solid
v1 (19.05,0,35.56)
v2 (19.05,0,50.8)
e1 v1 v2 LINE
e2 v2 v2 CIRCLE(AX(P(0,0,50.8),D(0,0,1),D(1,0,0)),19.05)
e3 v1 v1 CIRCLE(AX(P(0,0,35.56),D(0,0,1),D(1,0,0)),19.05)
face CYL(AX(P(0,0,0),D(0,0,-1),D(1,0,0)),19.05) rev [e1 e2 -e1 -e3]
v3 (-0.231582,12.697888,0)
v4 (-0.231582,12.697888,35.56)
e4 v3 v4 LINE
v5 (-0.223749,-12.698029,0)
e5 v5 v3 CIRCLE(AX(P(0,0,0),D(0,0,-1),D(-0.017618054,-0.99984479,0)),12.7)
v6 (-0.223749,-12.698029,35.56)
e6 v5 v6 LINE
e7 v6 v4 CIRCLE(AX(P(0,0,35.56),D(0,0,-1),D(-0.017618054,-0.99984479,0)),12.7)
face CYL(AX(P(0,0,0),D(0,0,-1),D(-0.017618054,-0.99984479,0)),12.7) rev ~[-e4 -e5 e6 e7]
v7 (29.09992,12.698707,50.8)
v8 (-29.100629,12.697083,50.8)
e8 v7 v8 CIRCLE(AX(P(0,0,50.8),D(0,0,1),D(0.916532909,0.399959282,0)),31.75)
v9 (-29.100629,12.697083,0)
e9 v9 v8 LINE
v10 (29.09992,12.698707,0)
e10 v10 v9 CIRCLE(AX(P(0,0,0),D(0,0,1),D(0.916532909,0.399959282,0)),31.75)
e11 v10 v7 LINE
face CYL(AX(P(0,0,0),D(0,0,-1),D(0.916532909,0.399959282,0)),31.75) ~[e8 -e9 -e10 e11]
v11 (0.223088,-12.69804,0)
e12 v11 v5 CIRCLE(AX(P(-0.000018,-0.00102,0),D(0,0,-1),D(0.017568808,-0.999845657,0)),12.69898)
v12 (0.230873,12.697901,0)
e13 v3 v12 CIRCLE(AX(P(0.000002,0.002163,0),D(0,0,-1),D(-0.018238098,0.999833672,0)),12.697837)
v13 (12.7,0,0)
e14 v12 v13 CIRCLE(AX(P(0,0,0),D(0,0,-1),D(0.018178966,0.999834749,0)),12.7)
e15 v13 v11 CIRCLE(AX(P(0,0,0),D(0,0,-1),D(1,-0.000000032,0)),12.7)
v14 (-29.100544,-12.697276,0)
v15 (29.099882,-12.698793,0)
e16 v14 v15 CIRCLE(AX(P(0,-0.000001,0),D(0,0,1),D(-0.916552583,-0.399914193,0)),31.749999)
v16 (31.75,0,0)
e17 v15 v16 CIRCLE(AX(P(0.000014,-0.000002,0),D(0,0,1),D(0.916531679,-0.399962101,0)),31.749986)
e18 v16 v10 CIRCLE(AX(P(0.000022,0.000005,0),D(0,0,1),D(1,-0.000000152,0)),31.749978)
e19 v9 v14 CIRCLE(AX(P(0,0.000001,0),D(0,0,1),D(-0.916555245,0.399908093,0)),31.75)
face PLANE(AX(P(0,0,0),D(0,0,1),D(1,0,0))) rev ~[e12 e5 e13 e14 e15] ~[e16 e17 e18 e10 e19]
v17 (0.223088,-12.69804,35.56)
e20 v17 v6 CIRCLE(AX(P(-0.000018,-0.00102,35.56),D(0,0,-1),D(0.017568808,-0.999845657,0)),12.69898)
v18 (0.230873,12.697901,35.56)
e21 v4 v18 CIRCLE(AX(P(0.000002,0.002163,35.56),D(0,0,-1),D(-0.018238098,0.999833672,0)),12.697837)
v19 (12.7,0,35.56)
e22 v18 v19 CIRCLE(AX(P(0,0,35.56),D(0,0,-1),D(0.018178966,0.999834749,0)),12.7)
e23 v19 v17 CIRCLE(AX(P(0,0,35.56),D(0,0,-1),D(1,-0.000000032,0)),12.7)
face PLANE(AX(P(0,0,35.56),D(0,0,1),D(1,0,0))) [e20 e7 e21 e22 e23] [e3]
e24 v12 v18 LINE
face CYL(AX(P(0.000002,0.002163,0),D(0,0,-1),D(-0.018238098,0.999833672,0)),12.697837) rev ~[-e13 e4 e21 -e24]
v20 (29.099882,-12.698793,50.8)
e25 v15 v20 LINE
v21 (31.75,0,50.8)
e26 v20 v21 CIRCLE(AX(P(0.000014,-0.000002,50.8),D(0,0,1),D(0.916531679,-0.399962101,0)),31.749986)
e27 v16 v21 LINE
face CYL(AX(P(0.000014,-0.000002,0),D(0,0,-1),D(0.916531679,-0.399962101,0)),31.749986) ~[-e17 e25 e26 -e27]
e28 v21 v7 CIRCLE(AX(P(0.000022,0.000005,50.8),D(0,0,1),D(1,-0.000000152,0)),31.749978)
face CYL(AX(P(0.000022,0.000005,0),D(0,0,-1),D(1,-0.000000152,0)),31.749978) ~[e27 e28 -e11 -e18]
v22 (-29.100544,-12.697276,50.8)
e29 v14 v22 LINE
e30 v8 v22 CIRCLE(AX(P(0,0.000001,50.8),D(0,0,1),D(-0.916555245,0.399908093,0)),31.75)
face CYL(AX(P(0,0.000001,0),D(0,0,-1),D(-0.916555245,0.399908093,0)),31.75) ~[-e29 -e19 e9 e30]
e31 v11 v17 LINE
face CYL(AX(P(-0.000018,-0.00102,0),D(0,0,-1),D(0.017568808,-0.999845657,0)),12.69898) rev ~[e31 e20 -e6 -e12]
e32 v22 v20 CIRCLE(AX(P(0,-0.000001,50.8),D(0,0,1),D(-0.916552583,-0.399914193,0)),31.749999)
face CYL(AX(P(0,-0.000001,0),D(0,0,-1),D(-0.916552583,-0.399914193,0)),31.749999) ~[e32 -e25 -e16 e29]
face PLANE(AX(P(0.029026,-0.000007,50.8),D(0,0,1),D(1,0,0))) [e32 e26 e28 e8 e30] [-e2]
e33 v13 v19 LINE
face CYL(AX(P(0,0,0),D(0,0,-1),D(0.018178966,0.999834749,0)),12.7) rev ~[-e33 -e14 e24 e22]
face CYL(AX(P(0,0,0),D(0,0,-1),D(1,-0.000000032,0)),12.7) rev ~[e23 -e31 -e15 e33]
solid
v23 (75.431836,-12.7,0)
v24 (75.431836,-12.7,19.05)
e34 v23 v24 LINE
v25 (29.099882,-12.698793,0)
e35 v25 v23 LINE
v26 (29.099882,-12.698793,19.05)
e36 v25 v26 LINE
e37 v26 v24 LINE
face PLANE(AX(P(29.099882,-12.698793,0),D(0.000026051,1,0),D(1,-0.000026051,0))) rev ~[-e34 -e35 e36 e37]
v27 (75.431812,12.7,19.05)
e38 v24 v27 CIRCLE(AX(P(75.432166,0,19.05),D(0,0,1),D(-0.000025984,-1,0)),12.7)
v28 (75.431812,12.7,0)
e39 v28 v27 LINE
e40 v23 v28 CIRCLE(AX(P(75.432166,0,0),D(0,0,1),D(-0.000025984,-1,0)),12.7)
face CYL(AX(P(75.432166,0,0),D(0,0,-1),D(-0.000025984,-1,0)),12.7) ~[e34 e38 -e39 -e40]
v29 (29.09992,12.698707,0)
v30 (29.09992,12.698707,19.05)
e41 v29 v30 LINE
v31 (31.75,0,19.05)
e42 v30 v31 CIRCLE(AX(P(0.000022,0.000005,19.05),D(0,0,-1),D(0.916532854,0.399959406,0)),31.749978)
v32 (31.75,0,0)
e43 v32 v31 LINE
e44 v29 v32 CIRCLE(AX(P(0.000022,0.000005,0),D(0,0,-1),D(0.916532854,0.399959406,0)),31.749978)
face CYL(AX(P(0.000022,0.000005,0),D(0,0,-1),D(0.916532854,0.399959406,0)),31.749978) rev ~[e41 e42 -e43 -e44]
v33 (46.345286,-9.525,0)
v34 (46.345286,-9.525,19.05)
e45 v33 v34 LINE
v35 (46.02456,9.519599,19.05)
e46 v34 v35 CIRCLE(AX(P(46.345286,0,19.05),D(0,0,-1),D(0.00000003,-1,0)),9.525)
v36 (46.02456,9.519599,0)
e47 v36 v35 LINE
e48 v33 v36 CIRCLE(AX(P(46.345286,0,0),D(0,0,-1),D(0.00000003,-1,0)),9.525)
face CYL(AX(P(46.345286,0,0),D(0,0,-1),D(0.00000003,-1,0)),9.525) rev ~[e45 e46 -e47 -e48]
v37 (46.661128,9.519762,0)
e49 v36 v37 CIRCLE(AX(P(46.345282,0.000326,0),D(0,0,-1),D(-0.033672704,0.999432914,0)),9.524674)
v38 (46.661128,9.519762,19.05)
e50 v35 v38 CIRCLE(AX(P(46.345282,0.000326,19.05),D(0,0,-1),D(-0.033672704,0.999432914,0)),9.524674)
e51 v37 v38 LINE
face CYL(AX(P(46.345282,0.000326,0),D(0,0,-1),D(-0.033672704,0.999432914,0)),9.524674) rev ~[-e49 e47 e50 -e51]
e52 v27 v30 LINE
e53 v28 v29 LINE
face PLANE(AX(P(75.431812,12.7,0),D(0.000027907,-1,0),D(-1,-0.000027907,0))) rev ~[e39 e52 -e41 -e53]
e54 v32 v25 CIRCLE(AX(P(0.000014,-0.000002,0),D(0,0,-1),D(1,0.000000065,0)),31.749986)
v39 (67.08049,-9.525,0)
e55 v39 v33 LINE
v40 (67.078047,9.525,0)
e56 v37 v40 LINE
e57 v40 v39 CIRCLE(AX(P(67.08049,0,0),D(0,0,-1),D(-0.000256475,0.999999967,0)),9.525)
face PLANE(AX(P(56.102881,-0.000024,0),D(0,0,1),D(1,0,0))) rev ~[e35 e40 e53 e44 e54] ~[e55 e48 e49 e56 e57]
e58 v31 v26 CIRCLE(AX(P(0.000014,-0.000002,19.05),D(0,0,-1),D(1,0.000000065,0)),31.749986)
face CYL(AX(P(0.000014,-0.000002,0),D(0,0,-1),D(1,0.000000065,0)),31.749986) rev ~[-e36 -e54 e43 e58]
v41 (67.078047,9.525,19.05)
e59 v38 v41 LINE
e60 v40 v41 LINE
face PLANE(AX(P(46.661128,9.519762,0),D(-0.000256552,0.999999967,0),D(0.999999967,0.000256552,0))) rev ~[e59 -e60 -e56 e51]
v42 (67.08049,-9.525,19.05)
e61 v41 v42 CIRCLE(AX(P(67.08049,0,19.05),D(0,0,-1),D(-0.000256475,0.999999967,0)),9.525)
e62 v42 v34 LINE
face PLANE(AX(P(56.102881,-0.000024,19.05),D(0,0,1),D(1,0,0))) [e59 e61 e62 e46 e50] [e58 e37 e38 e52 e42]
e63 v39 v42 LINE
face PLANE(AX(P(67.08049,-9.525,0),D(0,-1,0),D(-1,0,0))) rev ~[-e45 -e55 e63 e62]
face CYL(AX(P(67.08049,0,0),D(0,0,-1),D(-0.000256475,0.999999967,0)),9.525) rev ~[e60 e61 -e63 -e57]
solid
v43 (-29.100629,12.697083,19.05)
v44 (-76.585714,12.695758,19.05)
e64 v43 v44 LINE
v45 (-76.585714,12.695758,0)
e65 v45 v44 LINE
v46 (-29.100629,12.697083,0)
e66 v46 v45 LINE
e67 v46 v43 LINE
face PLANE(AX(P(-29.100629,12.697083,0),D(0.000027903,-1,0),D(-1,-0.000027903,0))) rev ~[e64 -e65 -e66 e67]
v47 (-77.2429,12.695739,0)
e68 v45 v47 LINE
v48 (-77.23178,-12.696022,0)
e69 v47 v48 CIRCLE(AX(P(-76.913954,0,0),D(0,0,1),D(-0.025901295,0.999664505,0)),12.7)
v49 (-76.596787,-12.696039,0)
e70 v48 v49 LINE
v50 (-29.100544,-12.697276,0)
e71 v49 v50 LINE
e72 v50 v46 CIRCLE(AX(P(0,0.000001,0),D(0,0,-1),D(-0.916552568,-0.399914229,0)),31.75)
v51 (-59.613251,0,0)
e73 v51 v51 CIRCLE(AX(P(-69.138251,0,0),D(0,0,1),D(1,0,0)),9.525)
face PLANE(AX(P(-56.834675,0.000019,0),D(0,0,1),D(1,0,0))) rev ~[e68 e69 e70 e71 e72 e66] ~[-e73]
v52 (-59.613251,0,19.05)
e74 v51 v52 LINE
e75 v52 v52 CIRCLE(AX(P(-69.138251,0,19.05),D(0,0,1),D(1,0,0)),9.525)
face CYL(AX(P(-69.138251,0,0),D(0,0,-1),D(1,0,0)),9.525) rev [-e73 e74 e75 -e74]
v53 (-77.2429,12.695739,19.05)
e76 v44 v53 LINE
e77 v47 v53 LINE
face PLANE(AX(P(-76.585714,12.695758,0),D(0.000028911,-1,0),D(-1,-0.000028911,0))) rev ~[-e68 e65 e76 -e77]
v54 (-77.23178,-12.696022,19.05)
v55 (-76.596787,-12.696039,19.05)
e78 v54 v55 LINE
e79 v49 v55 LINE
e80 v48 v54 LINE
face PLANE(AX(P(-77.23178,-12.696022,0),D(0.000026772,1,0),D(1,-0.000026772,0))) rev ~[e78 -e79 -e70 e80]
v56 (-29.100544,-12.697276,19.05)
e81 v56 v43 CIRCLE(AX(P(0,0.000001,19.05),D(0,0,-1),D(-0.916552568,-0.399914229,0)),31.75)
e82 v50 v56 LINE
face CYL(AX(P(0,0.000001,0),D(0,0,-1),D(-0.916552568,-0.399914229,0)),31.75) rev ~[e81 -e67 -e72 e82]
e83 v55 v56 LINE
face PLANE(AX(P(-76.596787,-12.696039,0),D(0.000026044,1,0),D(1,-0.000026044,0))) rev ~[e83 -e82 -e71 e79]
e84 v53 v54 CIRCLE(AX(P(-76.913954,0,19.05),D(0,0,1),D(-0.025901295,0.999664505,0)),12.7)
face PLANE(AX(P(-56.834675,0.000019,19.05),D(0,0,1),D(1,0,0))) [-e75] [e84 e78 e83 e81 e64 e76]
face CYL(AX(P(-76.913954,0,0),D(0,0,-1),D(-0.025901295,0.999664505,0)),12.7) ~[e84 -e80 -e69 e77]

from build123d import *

# Parameters (mm, degrees)
F0_R     = 9.525
F1_DEPTH = 19.05
F0_R_2   = 19.05
F2_DEPTH = 50.8
F3_DEPTH = 35.56


with BuildPart() as f1:
    # F0 (on Top) → F1 (new body)
    with BuildSketch(Plane.XY):
        with BuildLine():
            ThreePointArc((-29.100544, -12.697276), (-31.75, -0.000106), (-29.100629, 12.697083))
            Line((-29.100629, 12.697083), (-76.585714, 12.695758))
            Line((-76.585714, 12.695758), (-77.2429, 12.695739))
            ThreePointArc((-77.2429, 12.695739), (-89.613952, -0.005562), (-77.23178, -12.696022))
            Line((-77.23178, -12.696022), (-76.596787, -12.696039))
            Line((-76.596787, -12.696039), (-29.100544, -12.697276))
        make_face()
        with Locations((-69.138251, 0)):
            Circle(F0_R, mode=Mode.SUBTRACT)
        with BuildLine():
            ThreePointArc((29.09992, 12.698707), (31.08042, 6.486141), (31.75, 0))
            ThreePointArc((31.75, 0), (31.08041, -6.486187), (29.099882, -12.698793))
            Line((29.099882, -12.698793), (75.431836, -12.7))
            ThreePointArc((75.431836, -12.7), (88.132166, 1.2e-05), (75.431812, 12.7))
            Line((75.431812, 12.7), (29.09992, 12.698707))
        make_face()
        with BuildLine():
            ThreePointArc((67.078047, 9.525), (76.60549, 0.001222), (67.08049, -9.525))
            Line((67.08049, -9.525), (46.345286, -9.525))
            ThreePointArc((46.345286, -9.525), (36.821636, -0.160386), (46.02456, 9.519599))
            ThreePointArc((46.02456, 9.519599), (46.342843, 9.525), (46.661128, 9.519762))
            Line((46.661128, 9.519762), (67.078047, 9.525))
        make_face(mode=Mode.SUBTRACT)
    extrude(amount=F1_DEPTH)


with BuildPart() as f2:
    # F0 (on Top) → F2 (new body)
    with BuildSketch(Plane.XY):
        with BuildLine():
            ThreePointArc((29.099882, -12.698793), (31.08041, -6.486187), (31.75, 0))
            ThreePointArc((31.75, 0), (31.08042, 6.486141), (29.09992, 12.698707))
            ThreePointArc((29.09992, 12.698707), (-0.000886, 31.75), (-29.100629, 12.697083))
            ThreePointArc((-29.100629, 12.697083), (-31.75, -0.000106), (-29.100544, -12.697276))
            ThreePointArc((-29.100544, -12.697276), (-0.000827, -31.75), (29.099882, -12.698793))
        make_face()
        Circle(F0_R_2, mode=Mode.SUBTRACT)
    extrude(amount=F2_DEPTH)

    # F0 (on Top) → F3 (join)
    with BuildSketch(Plane.XY):
        Circle(F0_R_2)
        with BuildLine():
            ThreePointArc((0.230873, 12.697901), (9.061514, 8.898256), (12.7, 0))
            ThreePointArc((12.7, 0), (9.058786, -8.901033), (0.223088, -12.69804))
            ThreePointArc((0.223088, -12.69804), (-0.000331, -12.7), (-0.223749, -12.698029))
            ThreePointArc((-0.223749, -12.698029), (-12.699999, -0.003917), (-0.231582, 12.697888))
            ThreePointArc((-0.231582, 12.697888), (-0.000354, 12.7), (0.230873, 12.697901))
        make_face(mode=Mode.SUBTRACT)
    extrude(amount=F3_DEPTH)


solid = Compound([f1.part, f2.part])
